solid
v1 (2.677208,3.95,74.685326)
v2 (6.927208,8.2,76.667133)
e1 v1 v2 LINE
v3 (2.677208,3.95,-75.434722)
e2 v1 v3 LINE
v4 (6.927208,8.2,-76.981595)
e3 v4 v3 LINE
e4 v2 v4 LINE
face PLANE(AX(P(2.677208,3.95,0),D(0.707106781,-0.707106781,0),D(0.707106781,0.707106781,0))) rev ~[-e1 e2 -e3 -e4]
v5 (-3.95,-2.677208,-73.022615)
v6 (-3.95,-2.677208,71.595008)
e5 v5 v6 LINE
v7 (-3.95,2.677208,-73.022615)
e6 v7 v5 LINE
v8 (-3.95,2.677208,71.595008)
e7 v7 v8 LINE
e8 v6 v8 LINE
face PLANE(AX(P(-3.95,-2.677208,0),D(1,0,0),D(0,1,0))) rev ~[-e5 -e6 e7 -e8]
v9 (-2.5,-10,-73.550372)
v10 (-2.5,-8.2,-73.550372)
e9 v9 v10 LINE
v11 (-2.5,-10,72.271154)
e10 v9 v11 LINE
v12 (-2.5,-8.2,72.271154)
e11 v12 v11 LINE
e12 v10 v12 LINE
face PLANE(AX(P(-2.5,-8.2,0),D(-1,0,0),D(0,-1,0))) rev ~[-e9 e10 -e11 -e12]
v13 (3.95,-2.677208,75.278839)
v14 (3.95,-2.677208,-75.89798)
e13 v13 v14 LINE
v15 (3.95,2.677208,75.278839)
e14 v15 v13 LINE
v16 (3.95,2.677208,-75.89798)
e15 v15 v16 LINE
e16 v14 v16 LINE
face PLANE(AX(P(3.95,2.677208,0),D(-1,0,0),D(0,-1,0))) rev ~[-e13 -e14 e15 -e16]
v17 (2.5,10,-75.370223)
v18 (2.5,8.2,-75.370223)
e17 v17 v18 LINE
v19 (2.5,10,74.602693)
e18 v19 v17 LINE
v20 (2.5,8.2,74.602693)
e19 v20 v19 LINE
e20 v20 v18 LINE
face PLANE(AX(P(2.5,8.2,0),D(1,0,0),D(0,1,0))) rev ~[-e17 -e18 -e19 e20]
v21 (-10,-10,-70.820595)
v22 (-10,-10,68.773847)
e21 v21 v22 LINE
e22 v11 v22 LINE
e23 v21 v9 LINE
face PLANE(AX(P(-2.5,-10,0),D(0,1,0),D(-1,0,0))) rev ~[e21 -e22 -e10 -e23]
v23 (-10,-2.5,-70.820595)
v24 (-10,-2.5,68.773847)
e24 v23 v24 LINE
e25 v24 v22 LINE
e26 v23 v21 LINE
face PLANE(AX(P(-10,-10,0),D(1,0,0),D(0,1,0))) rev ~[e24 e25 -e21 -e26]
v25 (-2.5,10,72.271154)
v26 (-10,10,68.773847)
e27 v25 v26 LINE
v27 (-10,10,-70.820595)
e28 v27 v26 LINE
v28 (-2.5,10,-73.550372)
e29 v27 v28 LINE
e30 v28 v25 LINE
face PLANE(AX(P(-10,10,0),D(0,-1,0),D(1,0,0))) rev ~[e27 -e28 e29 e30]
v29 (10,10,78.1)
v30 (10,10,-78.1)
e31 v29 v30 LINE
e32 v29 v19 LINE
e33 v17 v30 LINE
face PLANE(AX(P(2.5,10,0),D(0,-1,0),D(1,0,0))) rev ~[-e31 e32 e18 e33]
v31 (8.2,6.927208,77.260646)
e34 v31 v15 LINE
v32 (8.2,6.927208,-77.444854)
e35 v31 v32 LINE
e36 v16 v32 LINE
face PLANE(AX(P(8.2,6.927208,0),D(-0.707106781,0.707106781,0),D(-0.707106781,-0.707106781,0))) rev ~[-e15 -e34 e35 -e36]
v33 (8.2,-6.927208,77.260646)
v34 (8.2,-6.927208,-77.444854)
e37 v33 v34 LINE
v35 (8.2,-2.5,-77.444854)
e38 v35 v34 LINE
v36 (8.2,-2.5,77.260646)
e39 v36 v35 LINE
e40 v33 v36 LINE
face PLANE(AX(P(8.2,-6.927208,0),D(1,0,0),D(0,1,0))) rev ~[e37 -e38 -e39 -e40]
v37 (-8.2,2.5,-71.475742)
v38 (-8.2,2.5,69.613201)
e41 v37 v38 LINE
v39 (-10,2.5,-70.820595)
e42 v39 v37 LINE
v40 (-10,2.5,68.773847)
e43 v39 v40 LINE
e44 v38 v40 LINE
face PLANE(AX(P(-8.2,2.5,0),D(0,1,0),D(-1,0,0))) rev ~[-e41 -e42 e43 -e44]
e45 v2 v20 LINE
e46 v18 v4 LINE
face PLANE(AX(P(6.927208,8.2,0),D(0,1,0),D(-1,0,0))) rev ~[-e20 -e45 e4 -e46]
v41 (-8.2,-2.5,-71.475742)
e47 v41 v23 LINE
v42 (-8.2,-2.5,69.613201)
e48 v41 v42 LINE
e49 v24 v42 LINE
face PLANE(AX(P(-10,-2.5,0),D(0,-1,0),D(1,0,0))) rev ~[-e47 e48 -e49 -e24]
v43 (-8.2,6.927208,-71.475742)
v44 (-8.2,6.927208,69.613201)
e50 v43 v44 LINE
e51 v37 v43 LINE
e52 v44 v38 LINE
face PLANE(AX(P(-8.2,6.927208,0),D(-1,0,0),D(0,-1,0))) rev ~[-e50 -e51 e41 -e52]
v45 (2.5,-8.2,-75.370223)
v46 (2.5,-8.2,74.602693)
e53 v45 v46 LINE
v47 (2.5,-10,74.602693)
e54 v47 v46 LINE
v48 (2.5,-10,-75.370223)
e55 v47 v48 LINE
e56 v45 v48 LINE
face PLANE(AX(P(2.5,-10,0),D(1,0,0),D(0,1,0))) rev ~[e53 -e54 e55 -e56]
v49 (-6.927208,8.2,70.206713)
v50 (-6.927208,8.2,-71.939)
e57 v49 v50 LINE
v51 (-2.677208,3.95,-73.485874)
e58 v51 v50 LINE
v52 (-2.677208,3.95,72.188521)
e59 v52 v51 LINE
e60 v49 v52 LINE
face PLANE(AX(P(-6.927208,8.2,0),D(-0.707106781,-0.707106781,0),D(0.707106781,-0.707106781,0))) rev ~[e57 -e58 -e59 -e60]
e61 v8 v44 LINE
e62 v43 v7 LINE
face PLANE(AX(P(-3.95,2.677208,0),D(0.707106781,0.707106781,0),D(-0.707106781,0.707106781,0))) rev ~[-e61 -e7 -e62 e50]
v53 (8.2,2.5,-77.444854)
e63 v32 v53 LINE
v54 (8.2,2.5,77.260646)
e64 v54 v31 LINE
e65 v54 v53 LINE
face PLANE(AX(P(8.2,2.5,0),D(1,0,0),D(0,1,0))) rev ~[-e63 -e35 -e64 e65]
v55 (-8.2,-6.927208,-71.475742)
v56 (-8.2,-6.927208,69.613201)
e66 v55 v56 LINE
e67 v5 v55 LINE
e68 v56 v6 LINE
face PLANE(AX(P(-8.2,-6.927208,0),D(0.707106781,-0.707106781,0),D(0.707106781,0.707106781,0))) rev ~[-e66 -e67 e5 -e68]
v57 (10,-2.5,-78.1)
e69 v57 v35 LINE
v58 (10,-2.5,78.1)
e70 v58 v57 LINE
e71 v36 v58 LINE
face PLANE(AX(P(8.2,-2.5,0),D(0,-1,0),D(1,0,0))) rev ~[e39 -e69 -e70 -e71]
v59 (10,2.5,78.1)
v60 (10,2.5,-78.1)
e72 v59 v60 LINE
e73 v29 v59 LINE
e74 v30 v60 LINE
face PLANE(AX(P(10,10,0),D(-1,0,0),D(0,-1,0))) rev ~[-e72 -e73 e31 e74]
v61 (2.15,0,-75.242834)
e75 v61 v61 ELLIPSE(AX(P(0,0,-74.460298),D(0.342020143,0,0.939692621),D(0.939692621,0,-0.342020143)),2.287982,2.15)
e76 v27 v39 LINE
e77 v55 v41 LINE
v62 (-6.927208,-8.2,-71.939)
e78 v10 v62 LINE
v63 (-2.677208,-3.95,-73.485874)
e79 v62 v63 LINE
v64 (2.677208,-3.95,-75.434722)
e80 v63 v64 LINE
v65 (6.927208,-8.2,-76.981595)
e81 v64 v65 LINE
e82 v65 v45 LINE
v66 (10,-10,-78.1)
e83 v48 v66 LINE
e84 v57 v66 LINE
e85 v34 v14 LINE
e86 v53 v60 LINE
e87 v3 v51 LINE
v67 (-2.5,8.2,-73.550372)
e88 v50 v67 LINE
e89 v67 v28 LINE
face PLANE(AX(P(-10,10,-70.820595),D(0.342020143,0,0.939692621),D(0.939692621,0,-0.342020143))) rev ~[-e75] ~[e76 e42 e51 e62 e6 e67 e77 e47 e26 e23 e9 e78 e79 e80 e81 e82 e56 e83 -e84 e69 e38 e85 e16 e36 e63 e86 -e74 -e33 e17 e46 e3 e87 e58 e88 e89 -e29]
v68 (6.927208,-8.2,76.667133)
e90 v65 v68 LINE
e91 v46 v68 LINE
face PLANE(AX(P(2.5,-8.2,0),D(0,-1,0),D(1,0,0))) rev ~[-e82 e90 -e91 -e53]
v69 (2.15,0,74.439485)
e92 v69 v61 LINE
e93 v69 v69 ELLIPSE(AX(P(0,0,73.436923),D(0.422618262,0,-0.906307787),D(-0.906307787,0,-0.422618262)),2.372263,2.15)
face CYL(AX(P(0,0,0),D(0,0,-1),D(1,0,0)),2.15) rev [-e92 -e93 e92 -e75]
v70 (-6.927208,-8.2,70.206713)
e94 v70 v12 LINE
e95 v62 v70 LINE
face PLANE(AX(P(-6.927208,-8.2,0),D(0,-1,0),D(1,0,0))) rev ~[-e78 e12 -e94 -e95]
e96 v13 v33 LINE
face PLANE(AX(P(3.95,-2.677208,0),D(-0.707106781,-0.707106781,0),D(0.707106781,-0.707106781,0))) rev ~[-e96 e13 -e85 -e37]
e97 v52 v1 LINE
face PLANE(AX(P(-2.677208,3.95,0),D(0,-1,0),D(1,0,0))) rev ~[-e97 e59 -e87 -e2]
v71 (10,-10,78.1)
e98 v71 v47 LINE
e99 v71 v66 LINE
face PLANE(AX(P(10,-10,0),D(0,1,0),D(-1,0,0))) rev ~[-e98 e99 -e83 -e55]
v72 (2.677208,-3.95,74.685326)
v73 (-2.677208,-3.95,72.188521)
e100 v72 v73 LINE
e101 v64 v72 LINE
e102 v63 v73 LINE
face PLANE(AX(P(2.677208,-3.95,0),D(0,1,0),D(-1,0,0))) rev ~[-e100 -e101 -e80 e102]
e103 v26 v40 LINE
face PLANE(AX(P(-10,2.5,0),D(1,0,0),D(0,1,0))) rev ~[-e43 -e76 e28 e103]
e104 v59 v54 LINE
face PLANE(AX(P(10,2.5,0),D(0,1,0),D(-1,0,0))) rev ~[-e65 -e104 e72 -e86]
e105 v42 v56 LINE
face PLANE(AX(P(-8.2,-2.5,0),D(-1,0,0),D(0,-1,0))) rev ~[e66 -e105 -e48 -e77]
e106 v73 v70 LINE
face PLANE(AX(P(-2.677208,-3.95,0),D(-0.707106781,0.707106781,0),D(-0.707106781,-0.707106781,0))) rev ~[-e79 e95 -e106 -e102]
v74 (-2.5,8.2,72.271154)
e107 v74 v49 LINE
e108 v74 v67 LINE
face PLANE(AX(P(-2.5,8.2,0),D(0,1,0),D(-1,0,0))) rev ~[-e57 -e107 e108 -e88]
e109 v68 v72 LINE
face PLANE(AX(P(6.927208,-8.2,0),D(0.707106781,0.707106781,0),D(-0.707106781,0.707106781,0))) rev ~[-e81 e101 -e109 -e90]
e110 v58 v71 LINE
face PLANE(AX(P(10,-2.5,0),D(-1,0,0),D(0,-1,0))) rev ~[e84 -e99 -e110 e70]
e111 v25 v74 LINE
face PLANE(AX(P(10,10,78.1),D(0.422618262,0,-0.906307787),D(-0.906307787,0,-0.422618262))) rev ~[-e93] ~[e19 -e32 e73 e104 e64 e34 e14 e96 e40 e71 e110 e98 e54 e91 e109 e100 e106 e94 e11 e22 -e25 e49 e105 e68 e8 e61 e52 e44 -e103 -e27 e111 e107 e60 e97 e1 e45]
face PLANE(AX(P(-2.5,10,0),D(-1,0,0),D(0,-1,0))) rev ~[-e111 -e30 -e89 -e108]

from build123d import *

# Parameters (mm, degrees)
SKETCH2_R           = 2.15
BOSS_EXTRUDE1_DEPTH = 78.1
CUT_EXTRUDE1_DEPTH  = 21
CUT_EXTRUDE2_DEPTH  = 21


with BuildPart() as part:
    # Sketch2 → Boss-Extrude1 (new body, symmetric)
    with BuildSketch(Plane.XY):
        Polygon((-2.5, 10), (-2.5, 8.2), (-6.927207794, 8.2), (-2.677207794, 3.95), (2.677207794, 3.95), (6.927207794, 8.2), (2.5, 8.2), (2.5, 10), (10, 10), (10, 2.5), (8.2, 2.5), (8.2, 6.927207794), (3.95, 2.677207794), (3.95, -2.677207794), (8.2, -6.927207794), (8.2, -2.5), (10, -2.5), (10, -10), (2.5, -10), (2.5, -8.2), (6.927207794, -8.2), (2.677207794, -3.95), (-2.677207794, -3.95), (-6.927207794, -8.2), (-2.5, -8.2), (-2.5, -10), (-10, -10), (-10, -2.5), (-8.2, -2.5), (-8.2, -6.927207794), (-3.95, -2.677207794), (-3.95, 2.677207794), (-8.2, 6.927207794), (-8.2, 2.5), (-10, 2.5), (-10, 10), align=None)
        Circle(SKETCH2_R, mode=Mode.SUBTRACT)
    extrude(amount=BOSS_EXTRUDE1_DEPTH, both=True)

    # Sketch3 → Cut-Extrude1 (cut, through all)
    with BuildSketch(Plane(origin=(0, 10, 0), x_dir=(1, 0, 0), z_dir=(0, 1, 0))):
        Polygon((-10, -78.1), (10, -78.1), (-10, -68.773846837), align=None)
    extrude(amount=-CUT_EXTRUDE1_DEPTH, mode=Mode.SUBTRACT)

    # Sketch4 → Cut-Extrude2 (cut, through all)
    with BuildSketch(Plane(origin=(0, 10, 0), x_dir=(1, 0, 0), z_dir=(0, 1, 0))):
        Polygon((10, 78.1), (-10, 78.1), (-10, 70.820595315), align=None)
    extrude(amount=-CUT_EXTRUDE2_DEPTH, mode=Mode.SUBTRACT)


solid = part.part
